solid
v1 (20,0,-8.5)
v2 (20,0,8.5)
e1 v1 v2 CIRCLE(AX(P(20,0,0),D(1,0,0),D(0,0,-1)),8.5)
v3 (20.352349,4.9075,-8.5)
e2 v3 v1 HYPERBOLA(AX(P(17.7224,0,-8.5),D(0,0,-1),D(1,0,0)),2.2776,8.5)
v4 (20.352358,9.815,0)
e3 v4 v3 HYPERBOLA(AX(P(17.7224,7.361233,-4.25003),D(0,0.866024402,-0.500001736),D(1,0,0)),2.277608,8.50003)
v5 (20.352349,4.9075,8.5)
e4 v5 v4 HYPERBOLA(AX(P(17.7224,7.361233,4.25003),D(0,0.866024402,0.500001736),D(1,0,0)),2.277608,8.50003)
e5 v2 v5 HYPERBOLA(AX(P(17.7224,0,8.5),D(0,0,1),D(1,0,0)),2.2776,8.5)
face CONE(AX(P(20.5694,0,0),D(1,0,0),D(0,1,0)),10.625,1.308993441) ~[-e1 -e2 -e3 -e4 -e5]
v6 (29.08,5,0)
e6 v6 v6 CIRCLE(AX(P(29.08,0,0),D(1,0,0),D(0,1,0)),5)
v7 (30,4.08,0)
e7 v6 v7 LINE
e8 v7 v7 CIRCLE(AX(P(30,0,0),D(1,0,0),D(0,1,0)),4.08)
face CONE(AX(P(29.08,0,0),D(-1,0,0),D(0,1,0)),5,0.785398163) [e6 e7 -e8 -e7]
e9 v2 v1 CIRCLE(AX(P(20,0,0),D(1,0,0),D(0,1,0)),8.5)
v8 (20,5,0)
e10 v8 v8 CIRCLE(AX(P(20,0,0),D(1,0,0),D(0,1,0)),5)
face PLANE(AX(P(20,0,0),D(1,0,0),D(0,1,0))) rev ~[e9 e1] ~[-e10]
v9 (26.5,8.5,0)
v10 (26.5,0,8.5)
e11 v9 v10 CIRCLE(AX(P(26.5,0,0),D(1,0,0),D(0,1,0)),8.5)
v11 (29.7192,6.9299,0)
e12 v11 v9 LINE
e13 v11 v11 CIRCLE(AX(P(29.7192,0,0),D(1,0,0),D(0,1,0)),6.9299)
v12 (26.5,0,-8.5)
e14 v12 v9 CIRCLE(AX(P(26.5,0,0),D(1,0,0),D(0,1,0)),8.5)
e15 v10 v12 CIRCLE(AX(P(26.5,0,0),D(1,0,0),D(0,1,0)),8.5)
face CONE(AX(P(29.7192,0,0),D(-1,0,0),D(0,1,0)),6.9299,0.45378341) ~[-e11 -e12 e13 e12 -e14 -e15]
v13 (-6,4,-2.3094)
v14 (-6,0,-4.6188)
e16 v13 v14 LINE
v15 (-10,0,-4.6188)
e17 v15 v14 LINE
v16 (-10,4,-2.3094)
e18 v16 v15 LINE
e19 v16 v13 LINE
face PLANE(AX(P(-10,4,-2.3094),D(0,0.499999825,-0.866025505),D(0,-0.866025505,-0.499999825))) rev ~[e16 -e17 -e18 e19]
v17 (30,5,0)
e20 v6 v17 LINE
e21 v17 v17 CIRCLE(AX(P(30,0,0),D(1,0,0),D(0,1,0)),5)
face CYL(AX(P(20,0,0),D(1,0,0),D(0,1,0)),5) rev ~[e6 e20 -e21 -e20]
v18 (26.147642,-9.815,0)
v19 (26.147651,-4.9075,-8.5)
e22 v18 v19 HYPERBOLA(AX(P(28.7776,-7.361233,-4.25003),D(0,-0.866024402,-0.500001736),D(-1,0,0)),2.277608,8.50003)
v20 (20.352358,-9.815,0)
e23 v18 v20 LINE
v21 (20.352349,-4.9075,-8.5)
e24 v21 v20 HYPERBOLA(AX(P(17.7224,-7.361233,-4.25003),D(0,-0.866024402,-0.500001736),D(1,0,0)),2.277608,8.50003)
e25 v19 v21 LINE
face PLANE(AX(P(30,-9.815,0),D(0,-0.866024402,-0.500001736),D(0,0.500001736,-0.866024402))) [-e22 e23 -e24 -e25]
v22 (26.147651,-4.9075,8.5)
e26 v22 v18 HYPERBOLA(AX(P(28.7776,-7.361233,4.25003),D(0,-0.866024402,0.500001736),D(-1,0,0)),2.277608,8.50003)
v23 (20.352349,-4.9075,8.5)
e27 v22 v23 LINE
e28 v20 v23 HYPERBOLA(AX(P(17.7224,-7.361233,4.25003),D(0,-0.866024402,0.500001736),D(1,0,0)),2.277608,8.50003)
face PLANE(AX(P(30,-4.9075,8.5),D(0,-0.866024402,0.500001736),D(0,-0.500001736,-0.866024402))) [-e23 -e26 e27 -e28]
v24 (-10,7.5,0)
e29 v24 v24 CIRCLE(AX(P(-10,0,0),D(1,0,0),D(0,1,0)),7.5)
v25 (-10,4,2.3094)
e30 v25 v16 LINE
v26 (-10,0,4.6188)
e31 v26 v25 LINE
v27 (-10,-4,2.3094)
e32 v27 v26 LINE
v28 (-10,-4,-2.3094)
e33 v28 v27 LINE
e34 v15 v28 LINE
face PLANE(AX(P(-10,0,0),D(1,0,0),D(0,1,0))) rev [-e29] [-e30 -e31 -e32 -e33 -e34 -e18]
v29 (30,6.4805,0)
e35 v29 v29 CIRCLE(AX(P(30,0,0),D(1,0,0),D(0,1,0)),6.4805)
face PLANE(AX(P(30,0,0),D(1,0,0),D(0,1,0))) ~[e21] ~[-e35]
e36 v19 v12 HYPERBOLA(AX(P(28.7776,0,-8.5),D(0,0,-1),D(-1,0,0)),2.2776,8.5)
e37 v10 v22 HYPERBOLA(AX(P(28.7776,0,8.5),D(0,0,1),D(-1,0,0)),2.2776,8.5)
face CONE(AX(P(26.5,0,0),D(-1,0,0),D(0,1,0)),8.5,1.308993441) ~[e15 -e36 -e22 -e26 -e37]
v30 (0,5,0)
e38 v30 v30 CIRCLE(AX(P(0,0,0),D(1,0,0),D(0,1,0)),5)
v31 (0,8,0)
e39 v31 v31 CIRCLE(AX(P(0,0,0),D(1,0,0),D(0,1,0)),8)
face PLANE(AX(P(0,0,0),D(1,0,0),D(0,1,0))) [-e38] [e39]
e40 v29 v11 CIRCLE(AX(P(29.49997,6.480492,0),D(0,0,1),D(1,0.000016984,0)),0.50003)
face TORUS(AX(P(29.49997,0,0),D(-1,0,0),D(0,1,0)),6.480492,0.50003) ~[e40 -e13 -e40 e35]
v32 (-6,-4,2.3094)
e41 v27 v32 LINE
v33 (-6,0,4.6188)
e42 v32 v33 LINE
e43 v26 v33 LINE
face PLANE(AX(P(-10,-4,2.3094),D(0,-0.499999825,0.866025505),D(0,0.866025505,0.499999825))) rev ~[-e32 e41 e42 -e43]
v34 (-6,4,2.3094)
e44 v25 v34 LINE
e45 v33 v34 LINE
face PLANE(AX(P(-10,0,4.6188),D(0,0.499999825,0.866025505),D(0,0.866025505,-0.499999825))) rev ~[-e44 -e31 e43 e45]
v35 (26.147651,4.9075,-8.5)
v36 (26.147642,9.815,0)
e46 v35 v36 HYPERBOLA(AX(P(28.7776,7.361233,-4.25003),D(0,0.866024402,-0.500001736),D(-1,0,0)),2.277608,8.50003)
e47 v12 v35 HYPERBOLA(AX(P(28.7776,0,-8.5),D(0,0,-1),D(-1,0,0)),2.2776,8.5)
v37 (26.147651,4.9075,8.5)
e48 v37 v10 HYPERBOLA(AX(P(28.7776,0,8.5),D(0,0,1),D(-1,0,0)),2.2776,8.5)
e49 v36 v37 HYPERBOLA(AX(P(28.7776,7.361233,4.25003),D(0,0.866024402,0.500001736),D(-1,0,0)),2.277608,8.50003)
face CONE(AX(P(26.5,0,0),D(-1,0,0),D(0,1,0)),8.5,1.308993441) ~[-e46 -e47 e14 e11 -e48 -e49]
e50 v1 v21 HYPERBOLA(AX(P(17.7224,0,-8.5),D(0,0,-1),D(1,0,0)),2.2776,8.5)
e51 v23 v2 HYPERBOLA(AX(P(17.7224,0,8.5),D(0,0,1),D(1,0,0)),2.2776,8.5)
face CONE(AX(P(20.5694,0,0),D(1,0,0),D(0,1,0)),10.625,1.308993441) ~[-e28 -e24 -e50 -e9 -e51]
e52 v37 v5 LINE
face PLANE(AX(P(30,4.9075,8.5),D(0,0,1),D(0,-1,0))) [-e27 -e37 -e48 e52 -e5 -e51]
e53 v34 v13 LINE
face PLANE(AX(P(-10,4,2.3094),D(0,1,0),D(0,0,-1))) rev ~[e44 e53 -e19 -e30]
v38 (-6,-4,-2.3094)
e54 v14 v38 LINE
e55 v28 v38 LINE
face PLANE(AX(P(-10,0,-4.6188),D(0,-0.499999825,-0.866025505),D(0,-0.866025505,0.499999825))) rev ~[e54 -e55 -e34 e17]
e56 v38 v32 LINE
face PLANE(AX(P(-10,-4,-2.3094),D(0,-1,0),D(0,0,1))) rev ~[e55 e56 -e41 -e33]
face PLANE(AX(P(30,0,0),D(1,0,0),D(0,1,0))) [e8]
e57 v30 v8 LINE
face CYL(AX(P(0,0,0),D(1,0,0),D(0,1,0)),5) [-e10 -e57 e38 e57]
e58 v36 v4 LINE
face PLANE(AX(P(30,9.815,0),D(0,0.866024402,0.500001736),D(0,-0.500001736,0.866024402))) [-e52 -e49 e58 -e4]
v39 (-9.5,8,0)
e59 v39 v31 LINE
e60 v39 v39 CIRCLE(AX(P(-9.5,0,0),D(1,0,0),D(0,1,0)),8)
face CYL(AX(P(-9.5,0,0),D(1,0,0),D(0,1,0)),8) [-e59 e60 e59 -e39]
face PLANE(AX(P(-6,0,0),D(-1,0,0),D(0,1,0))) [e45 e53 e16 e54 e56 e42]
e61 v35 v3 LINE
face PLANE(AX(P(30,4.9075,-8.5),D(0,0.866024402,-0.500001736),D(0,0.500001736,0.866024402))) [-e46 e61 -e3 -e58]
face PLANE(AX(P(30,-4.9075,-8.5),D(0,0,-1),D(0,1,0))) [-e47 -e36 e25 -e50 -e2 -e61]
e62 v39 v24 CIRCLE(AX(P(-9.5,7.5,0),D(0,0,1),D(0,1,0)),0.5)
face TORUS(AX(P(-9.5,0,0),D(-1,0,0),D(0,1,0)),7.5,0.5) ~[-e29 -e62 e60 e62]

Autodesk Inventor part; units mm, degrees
sketch "Sketch_1" plane through (0, 0, 0) normal (0, 0, 1) x (1, 0, 0)
  line L0 (30, 0) -> (-10, 0)
  line L1 (-10, 0) -> (-10, 7.5)
  arc A0 (-9.5, 8) -> (-10, 7.5) centre (-9.5, 7.5) ccw
  line L2 (-9.5, 8) -> (0, 8)
  line L3 (0, 8) -> (0, 5)
  line L4 (0, 5) -> (29.08, 5)
  line L5 (29.08, 5) -> (30, 4.08)
  line L6 (30, 4.08) -> (30, 0)
  line L7 (30, 0) -> (-10, 0)
revolve "Revolution1" add sketch "Sketch_1" angle 360 about axis through (30, 0, 0) along (1, 0, 0)
thread "Thread1" size "M10x1.5" class "6g" standard "ISO Metric profile" length 27.08
sketch "Sketch_3" plane through (-10, 0, 0) normal (-1, 0, 0) x (0, 1, 0)
  line L0 (-4, -2.3094) -> (0, -4.6188)
  line L1 (0, -4.6188) -> (4, -2.3094)
  line L2 (4, -2.3094) -> (4, 2.3094)
  line L3 (4, 2.3094) -> (0, 4.6188)
  line L4 (0, 4.6188) -> (-4, 2.3094)
  line L5 (-4, 2.3094) -> (-4, -2.3094)
extrude "Extrusion1" cut sketch "Sketch_3" against normal blind 4
sketch "Sketch_4" plane through (0, 0, 0) normal (0, 0, 1) x (1, 0, 0)
  line L0 (30, 0) -> (20, 0)
  line L1 (20, 8.5) -> (20, 5)
  line L2 (20, 5) -> (30, 5)
  line L3 (30, 5) -> (30, 6.4805)
  arc A0 (30, 6.4805) -> (29.7192, 6.9299) centre (29.5, 6.4805) ccw
  line L4 (29.7192, 6.9299) -> (26.5, 8.5)
  line L5 (26.5, 8.5) -> (25.9306, 10.625)
  line L6 (25.9306, 10.625) -> (20.5694, 10.625)
  line L7 (20.5694, 10.625) -> (20, 8.5)
revolve "Revolution2" add sketch "Sketch_4" angle 360 about axis through (30, 0, 0) along (1, 0, 0)
sketch "Sketch_5" plane through (30, 0, 0) normal (1, 0, 0) x (0, 0, -1)
  line L0 (-17, -17) -> (17, -17)
  line L1 (17, -17) -> (17, 17)
  line L2 (17, 17) -> (-17, 17)
  line L3 (-17, 17) -> (-17, -17)
  line L4 (-8.5, -4.9075) -> (0, -9.815)
  line L5 (0, -9.815) -> (8.5, -4.9075)
  line L6 (8.5, -4.9075) -> (8.5, 4.9075)
  line L7 (8.5, 4.9075) -> (0, 9.815)
  line L8 (0, 9.815) -> (-8.5, 4.9075)
  line L9 (-8.5, 4.9075) -> (-8.5, -4.9075)
extrude "Extrusion2" cut sketch "Sketch_5" against normal blind 10
ref_plane "SCHRAUBE_XY" through (0, 0, 0) normal (-1, 0, 0) x (0, 0, -1)
ref_plane "SCHRAUBE_YZ" through (0, 0, 0) normal (0, 0, -1) x (0, -1, 0)
ref_plane "SCHRAUBE_ZX" through (0, 0, 0) normal (0, -1, 0) x (-1, 0, 0)
properties part number "M10x30"
